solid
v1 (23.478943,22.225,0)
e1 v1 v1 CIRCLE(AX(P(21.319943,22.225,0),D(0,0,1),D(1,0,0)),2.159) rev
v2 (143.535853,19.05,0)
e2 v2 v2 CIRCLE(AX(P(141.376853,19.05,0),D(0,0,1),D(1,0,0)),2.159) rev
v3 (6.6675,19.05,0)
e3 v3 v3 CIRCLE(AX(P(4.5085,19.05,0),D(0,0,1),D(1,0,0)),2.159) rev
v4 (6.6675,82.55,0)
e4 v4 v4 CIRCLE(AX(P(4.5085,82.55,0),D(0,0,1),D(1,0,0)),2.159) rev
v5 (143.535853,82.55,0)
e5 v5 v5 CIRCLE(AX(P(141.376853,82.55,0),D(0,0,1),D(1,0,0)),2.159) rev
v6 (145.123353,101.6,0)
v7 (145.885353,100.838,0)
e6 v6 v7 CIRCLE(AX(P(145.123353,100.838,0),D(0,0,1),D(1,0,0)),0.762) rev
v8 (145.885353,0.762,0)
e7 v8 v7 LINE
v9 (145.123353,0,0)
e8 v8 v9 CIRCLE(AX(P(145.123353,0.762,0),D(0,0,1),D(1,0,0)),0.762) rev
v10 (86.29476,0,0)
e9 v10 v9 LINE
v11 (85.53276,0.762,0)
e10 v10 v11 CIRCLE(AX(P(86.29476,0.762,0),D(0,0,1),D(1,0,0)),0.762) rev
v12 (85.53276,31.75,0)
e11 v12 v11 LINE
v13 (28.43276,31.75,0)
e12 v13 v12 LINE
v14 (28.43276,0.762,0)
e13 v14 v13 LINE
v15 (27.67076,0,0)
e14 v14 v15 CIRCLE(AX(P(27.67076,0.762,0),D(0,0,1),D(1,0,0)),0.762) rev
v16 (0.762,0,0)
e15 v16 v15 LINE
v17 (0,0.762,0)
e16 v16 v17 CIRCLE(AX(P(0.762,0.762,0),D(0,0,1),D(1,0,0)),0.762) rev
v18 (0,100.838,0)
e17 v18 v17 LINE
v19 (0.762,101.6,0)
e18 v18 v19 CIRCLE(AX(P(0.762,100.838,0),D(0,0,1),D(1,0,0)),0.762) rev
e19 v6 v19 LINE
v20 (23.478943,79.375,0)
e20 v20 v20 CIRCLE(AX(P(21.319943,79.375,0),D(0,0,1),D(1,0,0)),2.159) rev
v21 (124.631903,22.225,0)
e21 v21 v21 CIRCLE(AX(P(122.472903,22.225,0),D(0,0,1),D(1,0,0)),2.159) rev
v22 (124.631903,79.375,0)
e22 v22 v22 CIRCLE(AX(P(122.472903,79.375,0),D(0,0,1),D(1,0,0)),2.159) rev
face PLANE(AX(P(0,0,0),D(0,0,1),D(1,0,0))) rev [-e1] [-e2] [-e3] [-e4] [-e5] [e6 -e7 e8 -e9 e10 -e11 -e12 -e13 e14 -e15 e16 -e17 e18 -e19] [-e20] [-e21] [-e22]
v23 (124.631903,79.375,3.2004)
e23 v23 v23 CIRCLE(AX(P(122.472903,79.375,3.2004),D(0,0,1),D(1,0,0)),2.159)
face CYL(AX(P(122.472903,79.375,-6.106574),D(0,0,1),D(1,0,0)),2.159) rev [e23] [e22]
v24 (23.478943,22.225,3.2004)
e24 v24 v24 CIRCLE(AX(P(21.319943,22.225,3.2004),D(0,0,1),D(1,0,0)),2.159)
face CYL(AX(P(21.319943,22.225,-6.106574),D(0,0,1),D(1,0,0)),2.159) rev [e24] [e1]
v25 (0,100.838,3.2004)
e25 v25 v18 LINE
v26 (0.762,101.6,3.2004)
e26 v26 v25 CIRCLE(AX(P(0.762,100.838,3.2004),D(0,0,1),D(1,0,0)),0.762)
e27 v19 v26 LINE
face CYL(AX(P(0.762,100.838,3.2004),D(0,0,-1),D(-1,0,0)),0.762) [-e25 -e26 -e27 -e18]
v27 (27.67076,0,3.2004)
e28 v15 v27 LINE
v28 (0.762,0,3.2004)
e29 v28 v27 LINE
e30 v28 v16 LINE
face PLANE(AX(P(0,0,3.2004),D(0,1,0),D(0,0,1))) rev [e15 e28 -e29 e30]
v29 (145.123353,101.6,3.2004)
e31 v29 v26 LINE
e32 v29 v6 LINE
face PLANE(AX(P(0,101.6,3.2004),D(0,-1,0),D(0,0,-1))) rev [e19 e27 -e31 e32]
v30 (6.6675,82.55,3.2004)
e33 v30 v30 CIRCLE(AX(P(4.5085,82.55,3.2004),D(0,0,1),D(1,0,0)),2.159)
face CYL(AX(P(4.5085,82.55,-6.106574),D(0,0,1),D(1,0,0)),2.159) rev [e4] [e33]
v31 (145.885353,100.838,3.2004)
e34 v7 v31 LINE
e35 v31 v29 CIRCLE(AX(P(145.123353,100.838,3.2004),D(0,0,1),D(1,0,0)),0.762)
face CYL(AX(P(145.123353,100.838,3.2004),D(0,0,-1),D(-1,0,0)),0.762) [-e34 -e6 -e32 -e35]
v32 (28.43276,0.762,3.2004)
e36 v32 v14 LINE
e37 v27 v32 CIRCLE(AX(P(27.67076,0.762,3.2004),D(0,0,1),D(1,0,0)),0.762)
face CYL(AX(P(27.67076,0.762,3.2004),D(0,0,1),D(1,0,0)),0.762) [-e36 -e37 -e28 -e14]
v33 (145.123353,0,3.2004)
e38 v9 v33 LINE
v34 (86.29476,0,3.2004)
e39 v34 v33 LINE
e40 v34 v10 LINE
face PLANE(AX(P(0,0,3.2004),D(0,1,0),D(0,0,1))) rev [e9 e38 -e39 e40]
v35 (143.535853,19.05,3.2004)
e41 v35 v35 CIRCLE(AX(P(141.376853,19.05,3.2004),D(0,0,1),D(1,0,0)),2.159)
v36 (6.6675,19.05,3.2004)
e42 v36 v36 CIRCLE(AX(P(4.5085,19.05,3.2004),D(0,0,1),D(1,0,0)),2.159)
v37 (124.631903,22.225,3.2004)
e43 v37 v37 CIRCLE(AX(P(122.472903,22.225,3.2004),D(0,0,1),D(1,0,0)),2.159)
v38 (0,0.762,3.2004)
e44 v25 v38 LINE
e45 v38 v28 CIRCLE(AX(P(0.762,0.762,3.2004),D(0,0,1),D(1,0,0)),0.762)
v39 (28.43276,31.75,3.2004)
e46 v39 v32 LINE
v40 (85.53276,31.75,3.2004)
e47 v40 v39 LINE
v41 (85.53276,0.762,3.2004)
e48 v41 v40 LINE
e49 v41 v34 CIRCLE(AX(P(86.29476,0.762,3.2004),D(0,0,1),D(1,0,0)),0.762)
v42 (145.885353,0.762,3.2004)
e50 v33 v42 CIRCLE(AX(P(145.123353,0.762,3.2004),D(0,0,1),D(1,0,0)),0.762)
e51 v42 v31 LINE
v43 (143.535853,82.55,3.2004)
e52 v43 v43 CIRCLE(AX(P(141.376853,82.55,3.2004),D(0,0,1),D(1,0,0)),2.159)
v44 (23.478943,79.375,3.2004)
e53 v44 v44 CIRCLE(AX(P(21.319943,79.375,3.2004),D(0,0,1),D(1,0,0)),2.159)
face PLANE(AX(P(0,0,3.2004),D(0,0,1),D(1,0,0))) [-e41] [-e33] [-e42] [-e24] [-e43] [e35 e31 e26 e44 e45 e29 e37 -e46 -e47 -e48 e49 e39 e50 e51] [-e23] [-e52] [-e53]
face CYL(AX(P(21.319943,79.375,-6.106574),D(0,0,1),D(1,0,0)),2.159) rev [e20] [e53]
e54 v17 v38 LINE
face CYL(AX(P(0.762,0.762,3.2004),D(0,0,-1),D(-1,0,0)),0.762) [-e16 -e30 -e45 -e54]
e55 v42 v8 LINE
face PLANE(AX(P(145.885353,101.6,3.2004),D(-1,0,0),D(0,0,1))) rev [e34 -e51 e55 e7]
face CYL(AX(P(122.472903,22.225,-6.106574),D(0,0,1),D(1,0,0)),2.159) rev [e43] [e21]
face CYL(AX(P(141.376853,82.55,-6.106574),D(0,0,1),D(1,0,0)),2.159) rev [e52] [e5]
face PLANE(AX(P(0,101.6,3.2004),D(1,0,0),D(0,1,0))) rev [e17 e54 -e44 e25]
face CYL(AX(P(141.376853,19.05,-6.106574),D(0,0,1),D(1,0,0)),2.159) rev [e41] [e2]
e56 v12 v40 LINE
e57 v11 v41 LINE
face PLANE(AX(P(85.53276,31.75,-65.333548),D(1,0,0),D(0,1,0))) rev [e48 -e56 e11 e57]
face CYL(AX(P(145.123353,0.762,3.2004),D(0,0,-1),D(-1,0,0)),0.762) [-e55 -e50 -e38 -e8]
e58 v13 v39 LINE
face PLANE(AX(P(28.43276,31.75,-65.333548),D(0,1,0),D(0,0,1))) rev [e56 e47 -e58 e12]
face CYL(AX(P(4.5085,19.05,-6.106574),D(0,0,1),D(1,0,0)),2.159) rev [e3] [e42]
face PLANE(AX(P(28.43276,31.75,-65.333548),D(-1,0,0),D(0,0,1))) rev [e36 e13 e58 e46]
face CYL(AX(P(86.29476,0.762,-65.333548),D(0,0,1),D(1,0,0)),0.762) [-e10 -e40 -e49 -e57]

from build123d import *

# Parameters (mm, degrees)
SKETCH1_W           = 145.885353282
SKETCH1_H           = 101.6
BOSS_EXTRUDE1_DEPTH = 3.2004
SKETCH4_W           = 57.100000132
SKETCH4_H           = 31.75
CUT_EXTRUDE1_DEPTH  = 3.2004
SKETCH5_R           = 2.159
CUT_EXTRUDE2_DEPTH  = 3.2004
FILLET1_R           = 0.762


with BuildPart() as part:
    # Sketch1 → Boss-Extrude1 (new body)
    with BuildSketch(Plane.XY):
        with Locations((72.942676641, 50.8)):
            Rectangle(SKETCH1_W, SKETCH1_H)
    extrude(amount=BOSS_EXTRUDE1_DEPTH)

    # Sketch4 → Cut-Extrude1 (cut)
    with BuildSketch(Plane.XY.offset(3.2004)):
        with Locations((56.982760066, 15.875)):
            Rectangle(SKETCH4_W, SKETCH4_H)
    extrude(amount=-CUT_EXTRUDE1_DEPTH, mode=Mode.SUBTRACT)

    # Sketch5 → Cut-Extrude2 (cut)
    with BuildSketch(Plane.XY.offset(3.2004)):
        with Locations((141.376853282, 82.55)):
            Circle(SKETCH5_R)
        with Locations((141.376853282, 19.05)):
            Circle(SKETCH5_R)
        with Locations((4.5085, 19.05)):
            Circle(SKETCH5_R)
        with Locations((4.5085, 82.55)):
            Circle(SKETCH5_R)
        with Locations((21.31994339, 79.375)):
            Circle(SKETCH5_R)
        with Locations((21.31994339, 22.225)):
            Circle(SKETCH5_R)
        with Locations((122.472903282, 79.375)):
            Circle(SKETCH5_R)
        with Locations((122.472903282, 22.225)):
            Circle(SKETCH5_R)
    extrude(amount=-CUT_EXTRUDE2_DEPTH, mode=Mode.SUBTRACT)

    # Fillet1
    fillet1_edges = [part.edges().sort_by_distance(p)[0] for p in [
        (28.43276, 0, 1.6002),
        (85.532760132, 0, 1.6002),
        (0, 101.6, 1.6002),
        (145.885353282, 101.6, 1.6002),
        (145.885353282, 0, 1.6002),
        (0, 0, 1.6002),
    ]]
    fillet(fillet1_edges, radius=FILLET1_R)


solid = part.part
